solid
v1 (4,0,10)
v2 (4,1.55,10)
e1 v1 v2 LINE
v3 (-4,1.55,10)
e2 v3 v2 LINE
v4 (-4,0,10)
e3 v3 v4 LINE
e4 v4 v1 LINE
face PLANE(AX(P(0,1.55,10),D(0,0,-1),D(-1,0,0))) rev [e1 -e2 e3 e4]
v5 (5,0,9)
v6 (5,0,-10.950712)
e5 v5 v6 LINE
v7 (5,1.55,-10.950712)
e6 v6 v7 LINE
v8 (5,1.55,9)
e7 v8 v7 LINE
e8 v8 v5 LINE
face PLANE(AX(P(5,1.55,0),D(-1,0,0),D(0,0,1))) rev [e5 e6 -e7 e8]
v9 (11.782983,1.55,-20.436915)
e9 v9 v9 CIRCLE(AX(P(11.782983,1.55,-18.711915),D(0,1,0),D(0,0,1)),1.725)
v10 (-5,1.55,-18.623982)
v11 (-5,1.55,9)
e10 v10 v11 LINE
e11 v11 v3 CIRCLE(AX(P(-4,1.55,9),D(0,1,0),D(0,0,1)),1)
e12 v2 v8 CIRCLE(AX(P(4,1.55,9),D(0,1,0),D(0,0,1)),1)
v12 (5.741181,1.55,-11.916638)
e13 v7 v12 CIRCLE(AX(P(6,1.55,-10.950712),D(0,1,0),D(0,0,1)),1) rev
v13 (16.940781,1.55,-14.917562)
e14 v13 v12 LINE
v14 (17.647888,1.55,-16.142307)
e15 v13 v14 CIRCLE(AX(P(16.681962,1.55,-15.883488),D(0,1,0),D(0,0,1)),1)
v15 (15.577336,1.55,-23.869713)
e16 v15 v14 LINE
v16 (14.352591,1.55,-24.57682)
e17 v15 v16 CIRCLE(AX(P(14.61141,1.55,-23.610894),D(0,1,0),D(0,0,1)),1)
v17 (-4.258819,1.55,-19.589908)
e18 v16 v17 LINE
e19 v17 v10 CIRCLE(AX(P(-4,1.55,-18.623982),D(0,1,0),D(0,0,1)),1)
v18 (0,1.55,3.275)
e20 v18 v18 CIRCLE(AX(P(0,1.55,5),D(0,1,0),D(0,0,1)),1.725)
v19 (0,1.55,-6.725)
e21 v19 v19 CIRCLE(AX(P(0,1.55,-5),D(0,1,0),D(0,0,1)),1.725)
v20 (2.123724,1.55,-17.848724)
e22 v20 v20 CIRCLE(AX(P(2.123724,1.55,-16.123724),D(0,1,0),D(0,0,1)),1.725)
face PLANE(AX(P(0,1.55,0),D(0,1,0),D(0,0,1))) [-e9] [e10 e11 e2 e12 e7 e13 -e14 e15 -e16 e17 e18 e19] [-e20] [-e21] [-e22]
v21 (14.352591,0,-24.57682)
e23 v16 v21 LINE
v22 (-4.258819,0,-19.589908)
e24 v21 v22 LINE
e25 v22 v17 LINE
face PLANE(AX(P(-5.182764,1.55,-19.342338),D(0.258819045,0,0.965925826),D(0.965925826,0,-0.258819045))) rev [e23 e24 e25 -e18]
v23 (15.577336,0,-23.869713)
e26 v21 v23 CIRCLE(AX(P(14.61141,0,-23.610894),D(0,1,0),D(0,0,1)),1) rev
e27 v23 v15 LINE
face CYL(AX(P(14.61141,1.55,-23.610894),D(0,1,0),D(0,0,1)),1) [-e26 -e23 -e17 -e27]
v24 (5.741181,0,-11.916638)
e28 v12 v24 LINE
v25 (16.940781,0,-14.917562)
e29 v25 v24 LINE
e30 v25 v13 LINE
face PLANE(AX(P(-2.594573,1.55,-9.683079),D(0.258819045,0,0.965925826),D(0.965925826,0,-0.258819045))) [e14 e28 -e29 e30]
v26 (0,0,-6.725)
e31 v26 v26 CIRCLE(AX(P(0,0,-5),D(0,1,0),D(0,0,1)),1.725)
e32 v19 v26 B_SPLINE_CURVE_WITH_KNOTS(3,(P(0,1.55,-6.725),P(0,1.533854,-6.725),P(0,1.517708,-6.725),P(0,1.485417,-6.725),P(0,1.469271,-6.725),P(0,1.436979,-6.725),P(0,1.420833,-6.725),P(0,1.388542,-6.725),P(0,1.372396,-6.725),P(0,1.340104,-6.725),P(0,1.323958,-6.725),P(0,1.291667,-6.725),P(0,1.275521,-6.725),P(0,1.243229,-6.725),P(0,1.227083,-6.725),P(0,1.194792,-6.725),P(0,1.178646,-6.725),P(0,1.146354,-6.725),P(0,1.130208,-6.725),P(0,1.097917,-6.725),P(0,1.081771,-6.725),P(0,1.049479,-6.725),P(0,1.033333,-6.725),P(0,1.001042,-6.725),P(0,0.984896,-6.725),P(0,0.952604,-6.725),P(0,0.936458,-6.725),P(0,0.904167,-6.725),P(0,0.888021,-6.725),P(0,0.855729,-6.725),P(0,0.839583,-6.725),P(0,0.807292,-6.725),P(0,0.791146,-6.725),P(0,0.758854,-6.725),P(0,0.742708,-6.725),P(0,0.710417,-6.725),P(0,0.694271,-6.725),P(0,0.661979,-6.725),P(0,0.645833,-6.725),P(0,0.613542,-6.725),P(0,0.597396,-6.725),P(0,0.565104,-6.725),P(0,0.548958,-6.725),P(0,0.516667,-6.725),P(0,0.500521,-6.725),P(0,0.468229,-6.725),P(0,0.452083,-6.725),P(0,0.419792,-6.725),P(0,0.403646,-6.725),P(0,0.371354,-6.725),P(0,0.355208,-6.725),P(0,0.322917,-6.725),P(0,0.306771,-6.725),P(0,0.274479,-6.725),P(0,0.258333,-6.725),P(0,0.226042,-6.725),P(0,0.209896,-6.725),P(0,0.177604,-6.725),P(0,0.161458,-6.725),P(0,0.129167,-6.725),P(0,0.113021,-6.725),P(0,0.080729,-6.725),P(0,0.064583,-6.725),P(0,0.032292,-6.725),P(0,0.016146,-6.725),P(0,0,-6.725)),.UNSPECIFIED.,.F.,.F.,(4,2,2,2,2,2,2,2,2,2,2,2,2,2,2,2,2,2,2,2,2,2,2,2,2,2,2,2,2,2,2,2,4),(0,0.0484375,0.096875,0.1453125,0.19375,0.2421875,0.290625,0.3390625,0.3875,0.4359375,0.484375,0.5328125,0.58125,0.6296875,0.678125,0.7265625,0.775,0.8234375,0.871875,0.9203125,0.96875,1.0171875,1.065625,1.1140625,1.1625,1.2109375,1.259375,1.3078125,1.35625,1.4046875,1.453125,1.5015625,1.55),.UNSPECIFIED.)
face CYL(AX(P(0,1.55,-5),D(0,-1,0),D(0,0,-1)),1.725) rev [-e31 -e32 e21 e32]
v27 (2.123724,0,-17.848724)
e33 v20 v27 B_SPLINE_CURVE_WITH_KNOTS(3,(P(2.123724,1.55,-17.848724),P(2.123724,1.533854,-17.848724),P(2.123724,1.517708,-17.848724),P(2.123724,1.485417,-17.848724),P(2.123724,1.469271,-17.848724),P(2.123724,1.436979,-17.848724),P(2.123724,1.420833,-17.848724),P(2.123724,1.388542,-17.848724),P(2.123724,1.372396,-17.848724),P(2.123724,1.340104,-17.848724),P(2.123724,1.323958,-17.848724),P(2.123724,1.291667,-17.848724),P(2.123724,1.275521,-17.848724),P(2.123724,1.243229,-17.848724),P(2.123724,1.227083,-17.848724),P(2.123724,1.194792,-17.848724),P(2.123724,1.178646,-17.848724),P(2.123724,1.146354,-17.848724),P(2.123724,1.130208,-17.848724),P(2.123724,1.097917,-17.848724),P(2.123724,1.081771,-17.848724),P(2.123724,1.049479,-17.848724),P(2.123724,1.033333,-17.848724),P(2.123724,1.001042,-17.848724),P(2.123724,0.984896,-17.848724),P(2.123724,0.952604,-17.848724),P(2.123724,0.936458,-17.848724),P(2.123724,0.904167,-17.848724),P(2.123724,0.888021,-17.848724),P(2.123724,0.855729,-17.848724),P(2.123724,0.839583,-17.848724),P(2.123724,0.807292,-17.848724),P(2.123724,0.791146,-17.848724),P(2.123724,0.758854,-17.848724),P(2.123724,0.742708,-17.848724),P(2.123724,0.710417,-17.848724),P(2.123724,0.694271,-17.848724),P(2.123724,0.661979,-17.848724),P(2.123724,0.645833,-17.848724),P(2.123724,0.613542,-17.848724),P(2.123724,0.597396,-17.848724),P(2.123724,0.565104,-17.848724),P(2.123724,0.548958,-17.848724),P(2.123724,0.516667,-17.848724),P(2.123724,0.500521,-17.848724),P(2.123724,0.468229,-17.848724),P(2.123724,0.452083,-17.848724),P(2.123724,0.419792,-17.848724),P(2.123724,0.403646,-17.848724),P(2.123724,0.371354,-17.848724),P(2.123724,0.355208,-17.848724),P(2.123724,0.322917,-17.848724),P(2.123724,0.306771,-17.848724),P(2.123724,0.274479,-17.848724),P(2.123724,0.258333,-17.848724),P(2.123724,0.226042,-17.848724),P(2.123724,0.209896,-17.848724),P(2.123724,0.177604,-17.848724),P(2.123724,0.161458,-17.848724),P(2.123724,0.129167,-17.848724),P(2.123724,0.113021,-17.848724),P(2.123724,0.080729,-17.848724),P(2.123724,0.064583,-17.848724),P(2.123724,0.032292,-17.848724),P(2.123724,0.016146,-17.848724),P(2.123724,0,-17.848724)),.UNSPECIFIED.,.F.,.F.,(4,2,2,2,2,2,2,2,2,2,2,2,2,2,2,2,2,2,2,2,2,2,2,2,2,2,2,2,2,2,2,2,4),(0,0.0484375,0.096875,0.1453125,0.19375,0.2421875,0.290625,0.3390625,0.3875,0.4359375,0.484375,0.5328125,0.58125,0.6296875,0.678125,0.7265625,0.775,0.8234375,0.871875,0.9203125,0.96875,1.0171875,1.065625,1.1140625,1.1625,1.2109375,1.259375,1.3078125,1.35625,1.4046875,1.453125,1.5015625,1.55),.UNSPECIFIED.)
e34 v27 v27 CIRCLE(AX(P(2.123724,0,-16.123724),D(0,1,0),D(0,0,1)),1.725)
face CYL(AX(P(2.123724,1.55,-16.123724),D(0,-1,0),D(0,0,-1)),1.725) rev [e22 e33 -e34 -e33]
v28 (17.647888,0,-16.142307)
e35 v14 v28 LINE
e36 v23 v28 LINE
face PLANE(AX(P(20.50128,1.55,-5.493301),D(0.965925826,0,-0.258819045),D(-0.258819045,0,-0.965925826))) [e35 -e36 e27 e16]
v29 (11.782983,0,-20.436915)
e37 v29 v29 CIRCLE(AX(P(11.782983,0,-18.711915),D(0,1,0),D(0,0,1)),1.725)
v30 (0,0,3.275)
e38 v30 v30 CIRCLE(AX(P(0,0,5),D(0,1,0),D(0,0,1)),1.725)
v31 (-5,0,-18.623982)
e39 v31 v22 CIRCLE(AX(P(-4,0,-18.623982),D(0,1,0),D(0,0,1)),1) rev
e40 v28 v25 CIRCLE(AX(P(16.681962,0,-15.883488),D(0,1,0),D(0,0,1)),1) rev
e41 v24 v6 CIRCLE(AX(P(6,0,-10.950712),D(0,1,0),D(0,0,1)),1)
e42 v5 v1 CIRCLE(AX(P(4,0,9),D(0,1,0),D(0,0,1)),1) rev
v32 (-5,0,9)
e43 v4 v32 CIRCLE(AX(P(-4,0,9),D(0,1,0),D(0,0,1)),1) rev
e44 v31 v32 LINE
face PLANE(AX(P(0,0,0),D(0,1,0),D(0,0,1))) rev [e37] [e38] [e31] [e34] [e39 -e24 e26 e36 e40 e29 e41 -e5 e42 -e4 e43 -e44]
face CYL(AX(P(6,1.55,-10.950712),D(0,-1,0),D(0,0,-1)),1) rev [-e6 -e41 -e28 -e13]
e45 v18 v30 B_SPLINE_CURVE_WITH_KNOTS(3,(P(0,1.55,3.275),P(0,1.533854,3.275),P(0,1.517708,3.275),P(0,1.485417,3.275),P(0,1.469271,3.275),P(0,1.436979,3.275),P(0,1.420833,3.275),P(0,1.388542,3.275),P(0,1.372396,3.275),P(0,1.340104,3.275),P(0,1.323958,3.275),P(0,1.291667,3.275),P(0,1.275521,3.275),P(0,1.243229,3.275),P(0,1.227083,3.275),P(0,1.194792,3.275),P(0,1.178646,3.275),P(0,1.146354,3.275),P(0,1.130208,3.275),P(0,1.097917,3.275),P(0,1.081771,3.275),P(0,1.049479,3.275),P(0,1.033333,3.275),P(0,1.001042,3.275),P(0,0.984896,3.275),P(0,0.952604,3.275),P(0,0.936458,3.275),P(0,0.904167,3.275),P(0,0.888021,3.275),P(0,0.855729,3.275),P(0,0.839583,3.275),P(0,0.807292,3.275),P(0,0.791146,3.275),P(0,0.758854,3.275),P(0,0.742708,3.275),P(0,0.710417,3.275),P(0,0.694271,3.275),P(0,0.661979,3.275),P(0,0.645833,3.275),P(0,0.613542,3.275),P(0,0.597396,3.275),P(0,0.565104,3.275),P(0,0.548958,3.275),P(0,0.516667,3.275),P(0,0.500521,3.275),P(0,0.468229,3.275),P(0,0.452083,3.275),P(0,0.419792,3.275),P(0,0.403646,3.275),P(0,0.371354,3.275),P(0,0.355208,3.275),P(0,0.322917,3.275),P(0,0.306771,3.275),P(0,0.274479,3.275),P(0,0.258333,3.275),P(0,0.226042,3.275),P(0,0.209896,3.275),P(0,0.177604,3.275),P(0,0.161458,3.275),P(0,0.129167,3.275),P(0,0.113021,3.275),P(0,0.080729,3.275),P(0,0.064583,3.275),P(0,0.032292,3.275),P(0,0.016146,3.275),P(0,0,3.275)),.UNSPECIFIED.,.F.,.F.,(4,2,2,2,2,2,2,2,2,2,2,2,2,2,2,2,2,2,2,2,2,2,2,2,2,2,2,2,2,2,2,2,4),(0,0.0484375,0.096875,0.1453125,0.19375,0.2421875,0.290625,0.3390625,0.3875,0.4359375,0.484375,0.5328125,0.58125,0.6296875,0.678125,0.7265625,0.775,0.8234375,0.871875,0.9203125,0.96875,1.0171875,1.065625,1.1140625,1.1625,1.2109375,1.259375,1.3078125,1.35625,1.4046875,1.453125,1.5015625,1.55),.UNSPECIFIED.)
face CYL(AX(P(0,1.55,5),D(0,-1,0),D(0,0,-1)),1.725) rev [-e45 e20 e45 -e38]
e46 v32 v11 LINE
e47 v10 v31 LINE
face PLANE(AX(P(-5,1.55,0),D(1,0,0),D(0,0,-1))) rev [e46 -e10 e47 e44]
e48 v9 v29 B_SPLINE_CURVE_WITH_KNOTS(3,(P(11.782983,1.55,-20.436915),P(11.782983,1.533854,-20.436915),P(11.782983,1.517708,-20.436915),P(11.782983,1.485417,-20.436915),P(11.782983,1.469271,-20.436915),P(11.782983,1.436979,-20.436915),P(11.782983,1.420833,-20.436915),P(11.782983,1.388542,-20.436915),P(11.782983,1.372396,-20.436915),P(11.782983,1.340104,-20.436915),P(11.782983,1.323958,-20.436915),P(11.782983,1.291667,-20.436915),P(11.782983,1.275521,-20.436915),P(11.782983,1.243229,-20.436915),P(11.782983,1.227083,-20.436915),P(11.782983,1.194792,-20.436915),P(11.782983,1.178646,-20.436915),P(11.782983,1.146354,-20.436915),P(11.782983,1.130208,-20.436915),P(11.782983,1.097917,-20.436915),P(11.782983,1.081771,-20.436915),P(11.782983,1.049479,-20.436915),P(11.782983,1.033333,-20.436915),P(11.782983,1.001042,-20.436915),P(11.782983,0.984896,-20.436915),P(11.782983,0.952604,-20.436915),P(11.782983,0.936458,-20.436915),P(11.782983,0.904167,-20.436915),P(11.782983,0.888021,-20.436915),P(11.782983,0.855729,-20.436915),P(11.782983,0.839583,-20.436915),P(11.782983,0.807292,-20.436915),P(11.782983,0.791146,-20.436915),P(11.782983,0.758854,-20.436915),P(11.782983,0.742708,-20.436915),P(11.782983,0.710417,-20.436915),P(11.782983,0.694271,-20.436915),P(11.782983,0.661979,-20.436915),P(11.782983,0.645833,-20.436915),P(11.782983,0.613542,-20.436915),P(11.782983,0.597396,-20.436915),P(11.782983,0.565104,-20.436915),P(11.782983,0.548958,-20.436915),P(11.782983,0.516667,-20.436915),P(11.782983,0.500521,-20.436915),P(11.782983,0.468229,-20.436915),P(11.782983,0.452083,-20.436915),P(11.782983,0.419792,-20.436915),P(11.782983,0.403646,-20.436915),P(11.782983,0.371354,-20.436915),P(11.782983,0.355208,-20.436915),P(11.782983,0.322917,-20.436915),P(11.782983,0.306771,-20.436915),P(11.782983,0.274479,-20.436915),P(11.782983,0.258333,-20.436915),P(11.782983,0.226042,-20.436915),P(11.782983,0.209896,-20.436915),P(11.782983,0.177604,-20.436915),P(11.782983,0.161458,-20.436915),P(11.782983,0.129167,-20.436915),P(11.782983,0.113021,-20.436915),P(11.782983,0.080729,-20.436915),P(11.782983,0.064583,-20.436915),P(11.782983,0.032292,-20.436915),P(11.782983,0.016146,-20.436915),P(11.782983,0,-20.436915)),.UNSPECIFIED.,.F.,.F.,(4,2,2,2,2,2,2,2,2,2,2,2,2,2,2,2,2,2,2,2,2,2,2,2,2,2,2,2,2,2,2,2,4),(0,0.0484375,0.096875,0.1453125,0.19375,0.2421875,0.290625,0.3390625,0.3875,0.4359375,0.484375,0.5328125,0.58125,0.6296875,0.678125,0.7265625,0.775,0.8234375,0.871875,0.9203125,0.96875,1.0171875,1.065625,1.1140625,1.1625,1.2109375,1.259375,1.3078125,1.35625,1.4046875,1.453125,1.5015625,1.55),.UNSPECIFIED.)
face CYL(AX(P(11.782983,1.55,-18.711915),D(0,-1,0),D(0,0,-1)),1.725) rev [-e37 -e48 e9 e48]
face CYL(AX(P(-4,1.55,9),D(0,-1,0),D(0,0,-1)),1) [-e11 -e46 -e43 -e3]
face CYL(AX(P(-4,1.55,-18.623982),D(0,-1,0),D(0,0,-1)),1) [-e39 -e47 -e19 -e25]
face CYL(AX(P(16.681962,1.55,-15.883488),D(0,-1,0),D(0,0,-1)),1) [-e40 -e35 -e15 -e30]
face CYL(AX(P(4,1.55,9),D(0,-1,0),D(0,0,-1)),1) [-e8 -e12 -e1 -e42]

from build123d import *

# Parameters (mm, degrees)
SKETCH2_R           = 1.725
SKETCH2_W           = 10
SKETCH2_H           = 20
BOSS_EXTRUDE1_DEPTH = 1.55
FILLET1_R           = 1


with BuildPart() as part:
    # Sketch2 → Boss-Extrude1 (new body)
    # profile 1 of 4: a face of its own
    with BuildSketch(Plane(origin=(0, 0, 0), x_dir=(1, 0, 0), z_dir=(0, 1, 0))):
        Polygon((17.906706977, 15.176380902), (-1.411809549, 10), (-4, 19.659258263), (15.318516526, 24.835639165), align=None)
        with Locations(Location((11.78298262, 18.711914808, 0), (0, 0, 90))):
            Circle(SKETCH2_R, mode=Mode.SUBTRACT)
        with Locations(Location((2.123724357, 16.123724357, 0), (0, 0, 90))):
            Circle(SKETCH2_R, mode=Mode.SUBTRACT)
    # profile 2 of 4: a face of its own
    with BuildSketch(Plane(origin=(0, 0, 0), x_dir=(1, 0, 0), z_dir=(0, 1, 0))):
        Polygon((-1.411809549, 10), (-4, 19.659258263), (-5, 19.39130907), (-5, 10), align=None)
    # profile 3 of 4: a face of its own
    with BuildSketch(Plane(origin=(0, 0, 0), x_dir=(1, 0, 0), z_dir=(0, 1, 0))):
        Rectangle(SKETCH2_W, SKETCH2_H)
        with Locations(Location((0, 5, 0), (0, 0, 90))):
            Circle(SKETCH2_R, mode=Mode.SUBTRACT)
        with Locations(Location((0, -5, 0), (0, 0, 90))):
            Circle(SKETCH2_R, mode=Mode.SUBTRACT)
    # profile 4 of 4: a face of its own
    with BuildSketch(Plane(origin=(0, 0, 0), x_dir=(1, 0, 0), z_dir=(0, 1, 0))):
        Polygon((5, 11.718039191), (-1.411809549, 10), (5, 10), align=None)
    extrude(amount=BOSS_EXTRUDE1_DEPTH)

    # Fillet1
    fillet1_edges = [part.edges().sort_by_distance(p)[0] for p in [
        (-5, 0.775, 10),
        (-5, 0.775, -19.39130907),
        (15.318516526, 0.775, -24.835639165),
        (17.906706977, 0.775, -15.176380902),
        (5, 0.775, -11.718039191),
        (5, 0.775, 10),
    ]]
    fillet(fillet1_edges, radius=FILLET1_R)


solid = part.part
